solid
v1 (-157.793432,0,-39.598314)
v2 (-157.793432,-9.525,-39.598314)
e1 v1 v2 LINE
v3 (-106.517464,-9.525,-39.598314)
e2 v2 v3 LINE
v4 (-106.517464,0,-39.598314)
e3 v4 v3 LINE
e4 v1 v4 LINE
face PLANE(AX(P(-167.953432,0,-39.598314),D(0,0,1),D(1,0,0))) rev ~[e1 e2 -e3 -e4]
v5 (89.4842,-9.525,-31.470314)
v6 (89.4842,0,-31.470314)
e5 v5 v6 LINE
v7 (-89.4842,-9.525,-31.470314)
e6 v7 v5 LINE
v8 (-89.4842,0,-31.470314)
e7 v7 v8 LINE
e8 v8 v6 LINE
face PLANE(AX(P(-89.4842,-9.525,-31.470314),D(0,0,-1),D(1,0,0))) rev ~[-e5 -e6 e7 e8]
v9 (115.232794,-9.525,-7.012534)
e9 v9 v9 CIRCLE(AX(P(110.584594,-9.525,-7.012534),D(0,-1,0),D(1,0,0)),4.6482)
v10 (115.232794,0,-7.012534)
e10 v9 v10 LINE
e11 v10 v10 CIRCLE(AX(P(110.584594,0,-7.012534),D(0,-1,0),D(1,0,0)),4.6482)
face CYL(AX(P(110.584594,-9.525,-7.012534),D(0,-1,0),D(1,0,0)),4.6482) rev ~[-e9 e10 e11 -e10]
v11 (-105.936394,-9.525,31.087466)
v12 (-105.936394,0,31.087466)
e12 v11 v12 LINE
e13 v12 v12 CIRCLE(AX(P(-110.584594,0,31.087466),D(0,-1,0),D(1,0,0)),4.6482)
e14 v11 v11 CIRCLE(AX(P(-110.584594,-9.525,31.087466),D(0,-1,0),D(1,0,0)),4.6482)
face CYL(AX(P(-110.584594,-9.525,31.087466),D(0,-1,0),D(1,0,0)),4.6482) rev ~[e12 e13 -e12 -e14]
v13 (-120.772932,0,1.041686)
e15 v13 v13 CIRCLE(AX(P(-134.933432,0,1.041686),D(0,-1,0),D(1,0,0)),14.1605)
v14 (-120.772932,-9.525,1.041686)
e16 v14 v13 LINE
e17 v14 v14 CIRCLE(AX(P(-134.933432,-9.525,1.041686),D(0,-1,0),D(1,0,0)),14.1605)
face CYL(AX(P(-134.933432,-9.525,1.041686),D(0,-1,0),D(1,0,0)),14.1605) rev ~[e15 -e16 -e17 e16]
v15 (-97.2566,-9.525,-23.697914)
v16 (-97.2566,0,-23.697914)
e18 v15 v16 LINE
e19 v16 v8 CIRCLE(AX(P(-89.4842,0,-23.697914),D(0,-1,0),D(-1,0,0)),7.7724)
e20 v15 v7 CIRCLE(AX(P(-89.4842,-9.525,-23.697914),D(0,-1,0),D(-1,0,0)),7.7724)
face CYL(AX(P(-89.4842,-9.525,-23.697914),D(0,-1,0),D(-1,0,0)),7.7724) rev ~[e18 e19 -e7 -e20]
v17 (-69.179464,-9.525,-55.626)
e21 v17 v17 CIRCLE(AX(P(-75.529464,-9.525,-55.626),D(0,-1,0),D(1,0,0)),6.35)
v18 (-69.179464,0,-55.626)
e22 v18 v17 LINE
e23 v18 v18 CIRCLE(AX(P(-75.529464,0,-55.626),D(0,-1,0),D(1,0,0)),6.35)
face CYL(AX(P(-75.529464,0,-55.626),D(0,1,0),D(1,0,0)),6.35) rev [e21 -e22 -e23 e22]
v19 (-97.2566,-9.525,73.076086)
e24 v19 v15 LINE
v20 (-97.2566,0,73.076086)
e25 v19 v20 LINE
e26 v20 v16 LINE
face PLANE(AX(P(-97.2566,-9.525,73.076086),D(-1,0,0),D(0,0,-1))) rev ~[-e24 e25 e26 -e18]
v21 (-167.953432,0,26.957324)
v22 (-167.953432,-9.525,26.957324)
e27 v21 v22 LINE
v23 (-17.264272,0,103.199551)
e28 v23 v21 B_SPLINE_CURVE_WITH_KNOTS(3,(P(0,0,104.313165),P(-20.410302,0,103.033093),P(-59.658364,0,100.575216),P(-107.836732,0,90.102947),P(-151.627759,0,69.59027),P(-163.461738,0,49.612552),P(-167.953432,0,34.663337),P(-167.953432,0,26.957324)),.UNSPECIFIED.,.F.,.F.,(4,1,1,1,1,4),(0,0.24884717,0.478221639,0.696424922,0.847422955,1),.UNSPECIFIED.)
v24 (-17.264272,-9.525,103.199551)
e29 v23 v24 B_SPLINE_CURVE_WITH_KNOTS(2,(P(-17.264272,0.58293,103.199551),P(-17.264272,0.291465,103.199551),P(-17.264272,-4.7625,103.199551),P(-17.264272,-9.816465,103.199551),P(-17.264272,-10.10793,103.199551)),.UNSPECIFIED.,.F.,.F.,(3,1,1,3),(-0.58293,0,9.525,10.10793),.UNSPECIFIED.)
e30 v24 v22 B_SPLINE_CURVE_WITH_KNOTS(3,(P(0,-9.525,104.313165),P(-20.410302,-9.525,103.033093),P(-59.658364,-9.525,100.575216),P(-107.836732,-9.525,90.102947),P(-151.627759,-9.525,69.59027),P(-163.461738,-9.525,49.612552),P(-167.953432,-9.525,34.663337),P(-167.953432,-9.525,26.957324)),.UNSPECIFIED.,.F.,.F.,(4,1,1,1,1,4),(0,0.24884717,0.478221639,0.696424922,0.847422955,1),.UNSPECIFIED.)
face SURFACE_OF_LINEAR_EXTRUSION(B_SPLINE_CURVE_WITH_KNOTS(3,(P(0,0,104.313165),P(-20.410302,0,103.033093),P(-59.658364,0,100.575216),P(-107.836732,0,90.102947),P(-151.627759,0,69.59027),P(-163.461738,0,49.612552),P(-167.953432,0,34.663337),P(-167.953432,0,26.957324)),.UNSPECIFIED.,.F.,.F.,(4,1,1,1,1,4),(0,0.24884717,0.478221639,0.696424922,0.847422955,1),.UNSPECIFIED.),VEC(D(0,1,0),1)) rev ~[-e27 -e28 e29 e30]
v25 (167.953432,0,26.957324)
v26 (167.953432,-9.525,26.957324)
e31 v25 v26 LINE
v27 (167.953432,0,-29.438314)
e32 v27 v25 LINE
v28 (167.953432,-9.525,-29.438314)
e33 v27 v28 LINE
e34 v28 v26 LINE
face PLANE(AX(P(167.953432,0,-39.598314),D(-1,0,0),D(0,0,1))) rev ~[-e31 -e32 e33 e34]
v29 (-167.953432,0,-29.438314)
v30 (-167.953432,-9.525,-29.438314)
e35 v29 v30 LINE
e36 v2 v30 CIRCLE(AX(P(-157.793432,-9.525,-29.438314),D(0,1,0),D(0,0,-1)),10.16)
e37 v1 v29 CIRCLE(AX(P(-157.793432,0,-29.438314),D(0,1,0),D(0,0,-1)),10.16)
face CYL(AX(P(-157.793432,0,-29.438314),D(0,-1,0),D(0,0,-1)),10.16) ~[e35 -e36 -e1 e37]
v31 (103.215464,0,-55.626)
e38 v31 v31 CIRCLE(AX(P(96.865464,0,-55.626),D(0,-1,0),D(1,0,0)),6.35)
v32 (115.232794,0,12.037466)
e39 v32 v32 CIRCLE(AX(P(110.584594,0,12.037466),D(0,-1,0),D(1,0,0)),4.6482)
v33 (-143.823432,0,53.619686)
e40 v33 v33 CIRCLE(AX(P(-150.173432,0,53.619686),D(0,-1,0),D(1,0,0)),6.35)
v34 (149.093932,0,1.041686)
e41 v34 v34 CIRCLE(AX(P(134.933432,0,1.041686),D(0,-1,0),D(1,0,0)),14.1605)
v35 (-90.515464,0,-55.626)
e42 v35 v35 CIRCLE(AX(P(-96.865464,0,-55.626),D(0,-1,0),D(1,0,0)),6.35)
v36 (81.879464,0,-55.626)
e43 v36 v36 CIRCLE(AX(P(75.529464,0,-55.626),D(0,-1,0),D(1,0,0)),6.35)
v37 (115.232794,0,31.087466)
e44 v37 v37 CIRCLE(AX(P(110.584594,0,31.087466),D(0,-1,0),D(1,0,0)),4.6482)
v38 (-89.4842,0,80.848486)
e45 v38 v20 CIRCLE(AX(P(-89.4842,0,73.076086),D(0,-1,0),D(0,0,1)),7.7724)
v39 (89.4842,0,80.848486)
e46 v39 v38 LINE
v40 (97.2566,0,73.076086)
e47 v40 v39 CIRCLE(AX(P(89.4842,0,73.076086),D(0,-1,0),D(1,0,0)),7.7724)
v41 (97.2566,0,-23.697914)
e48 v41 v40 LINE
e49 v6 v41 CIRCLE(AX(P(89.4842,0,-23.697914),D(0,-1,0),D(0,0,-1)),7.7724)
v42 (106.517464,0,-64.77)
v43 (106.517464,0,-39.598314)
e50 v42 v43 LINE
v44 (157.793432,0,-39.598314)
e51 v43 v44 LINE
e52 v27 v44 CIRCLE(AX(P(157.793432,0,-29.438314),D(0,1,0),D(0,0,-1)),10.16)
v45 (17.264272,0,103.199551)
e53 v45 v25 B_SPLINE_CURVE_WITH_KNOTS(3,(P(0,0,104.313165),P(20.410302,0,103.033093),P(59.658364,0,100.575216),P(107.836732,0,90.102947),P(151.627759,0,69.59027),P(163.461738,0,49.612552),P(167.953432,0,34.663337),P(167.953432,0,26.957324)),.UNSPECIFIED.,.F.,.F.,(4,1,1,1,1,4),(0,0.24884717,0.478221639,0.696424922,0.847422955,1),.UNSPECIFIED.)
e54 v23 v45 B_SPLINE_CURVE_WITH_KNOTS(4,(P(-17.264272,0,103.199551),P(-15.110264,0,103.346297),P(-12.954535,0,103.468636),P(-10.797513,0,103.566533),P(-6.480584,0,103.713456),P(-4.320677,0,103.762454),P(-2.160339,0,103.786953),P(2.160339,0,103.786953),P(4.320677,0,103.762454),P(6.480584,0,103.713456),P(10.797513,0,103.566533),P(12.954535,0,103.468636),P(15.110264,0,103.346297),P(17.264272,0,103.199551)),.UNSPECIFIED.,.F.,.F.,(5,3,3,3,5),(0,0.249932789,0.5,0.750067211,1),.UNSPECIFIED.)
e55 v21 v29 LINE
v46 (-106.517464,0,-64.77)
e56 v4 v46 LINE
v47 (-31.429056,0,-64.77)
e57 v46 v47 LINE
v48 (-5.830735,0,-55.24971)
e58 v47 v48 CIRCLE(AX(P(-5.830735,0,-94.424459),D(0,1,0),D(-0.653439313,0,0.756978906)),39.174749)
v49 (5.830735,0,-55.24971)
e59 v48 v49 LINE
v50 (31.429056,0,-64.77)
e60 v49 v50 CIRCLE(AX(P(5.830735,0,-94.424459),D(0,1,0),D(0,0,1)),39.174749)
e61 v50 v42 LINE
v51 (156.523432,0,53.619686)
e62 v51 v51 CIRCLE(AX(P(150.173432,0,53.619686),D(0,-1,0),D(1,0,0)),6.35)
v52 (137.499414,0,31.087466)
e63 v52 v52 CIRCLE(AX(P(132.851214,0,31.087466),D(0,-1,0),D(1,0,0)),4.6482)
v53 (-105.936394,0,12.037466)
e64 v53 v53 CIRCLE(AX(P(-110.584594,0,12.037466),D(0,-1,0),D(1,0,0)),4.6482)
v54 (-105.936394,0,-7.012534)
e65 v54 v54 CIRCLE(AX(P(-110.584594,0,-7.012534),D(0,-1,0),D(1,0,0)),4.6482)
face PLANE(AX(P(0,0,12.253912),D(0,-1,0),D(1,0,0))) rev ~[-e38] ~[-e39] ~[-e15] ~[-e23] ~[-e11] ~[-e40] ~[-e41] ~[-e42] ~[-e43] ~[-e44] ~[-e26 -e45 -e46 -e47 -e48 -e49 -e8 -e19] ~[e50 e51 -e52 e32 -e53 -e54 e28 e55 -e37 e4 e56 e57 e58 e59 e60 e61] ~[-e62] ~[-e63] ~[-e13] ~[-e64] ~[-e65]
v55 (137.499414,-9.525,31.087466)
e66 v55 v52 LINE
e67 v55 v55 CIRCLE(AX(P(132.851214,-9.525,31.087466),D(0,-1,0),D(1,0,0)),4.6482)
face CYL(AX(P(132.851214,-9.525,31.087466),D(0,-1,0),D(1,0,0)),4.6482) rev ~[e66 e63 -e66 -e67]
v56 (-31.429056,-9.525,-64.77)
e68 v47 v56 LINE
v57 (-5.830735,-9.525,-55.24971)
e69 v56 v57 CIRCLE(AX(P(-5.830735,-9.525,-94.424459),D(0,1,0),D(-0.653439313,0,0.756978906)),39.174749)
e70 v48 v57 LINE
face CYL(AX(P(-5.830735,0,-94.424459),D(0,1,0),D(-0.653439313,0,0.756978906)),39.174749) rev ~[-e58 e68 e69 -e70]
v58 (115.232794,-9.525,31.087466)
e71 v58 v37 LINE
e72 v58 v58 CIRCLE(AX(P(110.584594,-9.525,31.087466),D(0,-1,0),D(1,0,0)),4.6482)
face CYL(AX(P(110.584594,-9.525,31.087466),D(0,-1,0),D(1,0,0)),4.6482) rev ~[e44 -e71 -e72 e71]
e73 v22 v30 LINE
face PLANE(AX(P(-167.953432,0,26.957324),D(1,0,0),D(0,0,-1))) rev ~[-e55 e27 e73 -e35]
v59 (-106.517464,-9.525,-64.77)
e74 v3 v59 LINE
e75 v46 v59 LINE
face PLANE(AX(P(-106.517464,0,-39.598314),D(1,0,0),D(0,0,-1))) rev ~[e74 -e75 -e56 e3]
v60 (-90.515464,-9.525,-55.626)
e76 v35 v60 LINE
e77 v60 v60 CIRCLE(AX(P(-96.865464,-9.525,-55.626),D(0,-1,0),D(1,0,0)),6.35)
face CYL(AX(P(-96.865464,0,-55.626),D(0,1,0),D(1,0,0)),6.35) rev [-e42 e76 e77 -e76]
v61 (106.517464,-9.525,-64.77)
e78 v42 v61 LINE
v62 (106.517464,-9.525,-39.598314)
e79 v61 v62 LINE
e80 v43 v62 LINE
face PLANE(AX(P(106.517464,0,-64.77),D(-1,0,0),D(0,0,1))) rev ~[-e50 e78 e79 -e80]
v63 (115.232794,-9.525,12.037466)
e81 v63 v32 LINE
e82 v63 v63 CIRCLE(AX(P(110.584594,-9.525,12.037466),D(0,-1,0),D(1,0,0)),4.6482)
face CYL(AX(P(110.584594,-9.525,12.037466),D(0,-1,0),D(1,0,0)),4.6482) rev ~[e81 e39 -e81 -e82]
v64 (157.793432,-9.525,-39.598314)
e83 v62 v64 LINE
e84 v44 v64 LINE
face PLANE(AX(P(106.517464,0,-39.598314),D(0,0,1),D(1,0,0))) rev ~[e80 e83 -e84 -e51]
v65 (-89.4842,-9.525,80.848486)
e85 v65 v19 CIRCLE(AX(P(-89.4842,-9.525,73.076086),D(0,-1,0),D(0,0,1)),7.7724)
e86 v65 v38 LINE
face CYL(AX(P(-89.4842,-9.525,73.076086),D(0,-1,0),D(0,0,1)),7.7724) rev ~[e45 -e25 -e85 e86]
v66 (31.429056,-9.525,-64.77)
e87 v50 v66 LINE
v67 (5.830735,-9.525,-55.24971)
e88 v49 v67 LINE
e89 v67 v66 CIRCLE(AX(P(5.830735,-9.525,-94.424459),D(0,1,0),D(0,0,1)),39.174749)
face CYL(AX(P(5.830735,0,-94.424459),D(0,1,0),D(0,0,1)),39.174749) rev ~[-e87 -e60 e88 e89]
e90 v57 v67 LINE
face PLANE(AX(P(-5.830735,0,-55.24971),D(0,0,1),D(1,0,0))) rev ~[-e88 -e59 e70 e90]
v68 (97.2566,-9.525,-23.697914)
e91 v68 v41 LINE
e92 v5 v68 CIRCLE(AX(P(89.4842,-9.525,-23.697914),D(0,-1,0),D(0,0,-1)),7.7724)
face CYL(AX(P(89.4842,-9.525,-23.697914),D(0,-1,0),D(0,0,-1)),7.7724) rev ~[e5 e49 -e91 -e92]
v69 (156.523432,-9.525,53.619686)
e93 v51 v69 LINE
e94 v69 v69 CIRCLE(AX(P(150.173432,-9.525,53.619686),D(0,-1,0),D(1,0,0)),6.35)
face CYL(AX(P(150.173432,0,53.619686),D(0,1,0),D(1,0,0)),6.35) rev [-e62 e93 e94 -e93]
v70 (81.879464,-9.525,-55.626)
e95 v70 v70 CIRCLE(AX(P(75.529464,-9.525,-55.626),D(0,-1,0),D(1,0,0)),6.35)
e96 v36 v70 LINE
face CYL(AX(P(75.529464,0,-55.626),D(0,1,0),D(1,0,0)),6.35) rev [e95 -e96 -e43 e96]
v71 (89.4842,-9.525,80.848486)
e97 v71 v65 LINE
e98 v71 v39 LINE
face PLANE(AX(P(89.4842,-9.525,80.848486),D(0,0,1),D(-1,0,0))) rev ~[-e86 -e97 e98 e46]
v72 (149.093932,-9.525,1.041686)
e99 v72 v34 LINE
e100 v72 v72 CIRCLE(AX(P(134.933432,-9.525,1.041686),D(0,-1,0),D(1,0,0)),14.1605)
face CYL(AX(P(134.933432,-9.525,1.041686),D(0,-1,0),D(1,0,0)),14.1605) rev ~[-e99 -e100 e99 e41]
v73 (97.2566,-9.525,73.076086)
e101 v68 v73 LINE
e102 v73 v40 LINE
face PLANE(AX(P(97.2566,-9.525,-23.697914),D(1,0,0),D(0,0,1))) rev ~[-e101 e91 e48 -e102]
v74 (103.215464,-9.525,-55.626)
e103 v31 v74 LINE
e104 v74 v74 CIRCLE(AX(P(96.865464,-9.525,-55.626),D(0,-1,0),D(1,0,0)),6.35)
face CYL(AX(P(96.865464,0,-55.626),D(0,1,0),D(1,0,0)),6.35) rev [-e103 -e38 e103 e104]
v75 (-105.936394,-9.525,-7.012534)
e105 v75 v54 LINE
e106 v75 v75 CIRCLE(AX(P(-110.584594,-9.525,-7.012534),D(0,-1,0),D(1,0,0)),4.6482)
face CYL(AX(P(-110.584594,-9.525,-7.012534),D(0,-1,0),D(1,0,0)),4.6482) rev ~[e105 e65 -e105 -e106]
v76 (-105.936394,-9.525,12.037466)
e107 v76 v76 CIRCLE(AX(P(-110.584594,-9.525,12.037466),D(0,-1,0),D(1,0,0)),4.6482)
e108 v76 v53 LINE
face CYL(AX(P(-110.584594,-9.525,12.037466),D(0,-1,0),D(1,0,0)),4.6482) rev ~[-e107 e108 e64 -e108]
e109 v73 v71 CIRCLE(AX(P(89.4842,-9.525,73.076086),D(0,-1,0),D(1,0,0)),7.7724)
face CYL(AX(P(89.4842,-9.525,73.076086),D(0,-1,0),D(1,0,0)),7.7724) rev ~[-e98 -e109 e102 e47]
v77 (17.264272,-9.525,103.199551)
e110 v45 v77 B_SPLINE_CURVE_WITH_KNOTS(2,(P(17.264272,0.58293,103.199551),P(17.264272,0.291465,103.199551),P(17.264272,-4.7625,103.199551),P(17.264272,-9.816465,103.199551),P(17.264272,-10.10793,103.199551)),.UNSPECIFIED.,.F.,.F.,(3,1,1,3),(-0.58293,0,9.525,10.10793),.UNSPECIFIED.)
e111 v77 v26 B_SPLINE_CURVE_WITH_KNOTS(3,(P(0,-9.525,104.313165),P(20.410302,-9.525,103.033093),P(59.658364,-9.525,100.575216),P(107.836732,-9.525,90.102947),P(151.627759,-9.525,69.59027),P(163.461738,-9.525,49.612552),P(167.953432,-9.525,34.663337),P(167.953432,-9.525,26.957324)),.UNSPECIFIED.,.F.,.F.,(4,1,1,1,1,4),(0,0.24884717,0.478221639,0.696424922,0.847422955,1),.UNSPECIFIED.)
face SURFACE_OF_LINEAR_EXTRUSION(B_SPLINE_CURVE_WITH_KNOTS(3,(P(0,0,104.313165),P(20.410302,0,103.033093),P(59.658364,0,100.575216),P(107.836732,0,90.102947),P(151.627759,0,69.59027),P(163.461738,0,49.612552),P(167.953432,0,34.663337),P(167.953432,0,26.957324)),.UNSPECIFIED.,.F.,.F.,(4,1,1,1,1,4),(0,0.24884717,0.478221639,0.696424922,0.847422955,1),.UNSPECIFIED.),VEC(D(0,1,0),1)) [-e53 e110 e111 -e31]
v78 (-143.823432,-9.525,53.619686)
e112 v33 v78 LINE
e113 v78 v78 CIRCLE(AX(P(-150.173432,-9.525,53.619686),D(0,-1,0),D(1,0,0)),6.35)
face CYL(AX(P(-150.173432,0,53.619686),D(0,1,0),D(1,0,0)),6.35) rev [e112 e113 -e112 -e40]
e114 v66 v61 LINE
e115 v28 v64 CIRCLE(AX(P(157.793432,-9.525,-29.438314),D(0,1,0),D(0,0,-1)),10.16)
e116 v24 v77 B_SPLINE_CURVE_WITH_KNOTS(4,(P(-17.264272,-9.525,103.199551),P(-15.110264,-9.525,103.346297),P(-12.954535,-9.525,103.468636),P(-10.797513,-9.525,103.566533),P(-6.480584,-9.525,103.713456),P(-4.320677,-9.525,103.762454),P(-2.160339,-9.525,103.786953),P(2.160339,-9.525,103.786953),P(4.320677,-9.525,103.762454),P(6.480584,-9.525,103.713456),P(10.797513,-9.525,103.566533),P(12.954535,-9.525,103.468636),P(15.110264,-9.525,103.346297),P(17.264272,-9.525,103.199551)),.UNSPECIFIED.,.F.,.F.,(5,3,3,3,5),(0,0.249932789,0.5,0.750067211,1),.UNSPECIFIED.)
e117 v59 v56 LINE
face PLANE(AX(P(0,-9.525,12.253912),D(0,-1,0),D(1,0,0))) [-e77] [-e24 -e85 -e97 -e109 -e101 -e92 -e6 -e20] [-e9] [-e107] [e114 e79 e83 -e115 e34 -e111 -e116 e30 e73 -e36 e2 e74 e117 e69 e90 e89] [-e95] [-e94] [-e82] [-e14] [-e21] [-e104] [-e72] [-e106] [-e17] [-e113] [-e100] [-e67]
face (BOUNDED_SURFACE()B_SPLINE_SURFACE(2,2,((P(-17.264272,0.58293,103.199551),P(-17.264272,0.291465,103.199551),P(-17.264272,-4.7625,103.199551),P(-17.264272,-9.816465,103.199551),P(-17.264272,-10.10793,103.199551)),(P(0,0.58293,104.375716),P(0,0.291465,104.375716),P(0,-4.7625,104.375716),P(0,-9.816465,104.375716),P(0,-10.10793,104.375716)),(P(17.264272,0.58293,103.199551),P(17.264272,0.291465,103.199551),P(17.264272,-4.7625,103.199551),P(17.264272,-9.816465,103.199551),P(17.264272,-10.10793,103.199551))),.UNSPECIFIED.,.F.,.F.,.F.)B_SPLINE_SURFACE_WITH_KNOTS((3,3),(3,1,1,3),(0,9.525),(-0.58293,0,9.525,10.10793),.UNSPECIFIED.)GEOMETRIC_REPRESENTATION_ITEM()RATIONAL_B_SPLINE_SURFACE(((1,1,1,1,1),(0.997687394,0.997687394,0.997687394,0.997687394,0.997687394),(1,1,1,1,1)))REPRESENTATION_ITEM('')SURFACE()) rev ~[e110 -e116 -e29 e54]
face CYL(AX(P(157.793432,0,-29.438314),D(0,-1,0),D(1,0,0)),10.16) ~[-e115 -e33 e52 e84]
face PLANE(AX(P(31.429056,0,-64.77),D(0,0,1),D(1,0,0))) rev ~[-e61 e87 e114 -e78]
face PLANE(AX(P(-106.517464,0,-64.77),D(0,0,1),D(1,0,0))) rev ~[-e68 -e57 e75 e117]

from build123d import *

# Parameters (mm, degrees)
F0_R     = 6.35
F1_DEPTH = 9.525
F2_R     = 10.16
F4_DEPTH = 25.4
F5_R     = 254
F6_R     = 4.6482
F6_R_2   = 14.1605
F7_DEPTH = 25.4


with BuildPart() as f1:
    # F0 (on Front) → F1 (new body)
    with BuildSketch(Plane.XZ):
        with BuildLine():
            Line((-106.5174639225, -64.77), (-31.4290560782, -64.77))
            ThreePointArc((-31.4290560782, -64.77), (-19.4864111897, -57.7068407051), (-5.8307349682, -55.249709636))
            Line((-5.8307349682, -55.249709636), (0, -55.249709636))
            Line((0, -55.249709636), (5.8307349682, -55.249709636))
            ThreePointArc((5.8307349682, -55.249709636), (19.4864111897, -57.7068407051), (31.4290560782, -64.77))
            Line((31.4290560782, -64.77), (106.5174639225, -64.77))
            Line((106.5174639225, -64.77), (106.5174639225, -39.5983140361))
            Line((106.5174639225, -39.5983140361), (167.9534316063, -39.5983140361))
            Line((167.9534316063, -39.5983140361), (167.9534316063, 26.9573238301))
            add(Edge.make_bspline(
                [(0, 104.3131649494), (20.410301584, 103.0330934585), (59.6583638346, 100.5752160198), (107.8367322286, 90.1029474639), (151.6277590611, 69.5902698618), (163.4617376042, 49.6125522636), (167.9534316063, 34.663336698), (167.9534316063, 26.9573238301)],
                knots=[0, 0, 0, 0, 0.2488471703, 0.4782216393, 0.6964249219, 0.8474229551, 1, 1, 1, 1], degree=3))
            add(Edge.make_bspline(
                [(0, 104.3131649494), (-20.410301584, 103.0330934585), (-59.6583638346, 100.5752160198), (-107.8367322286, 90.1029474639), (-151.6277590611, 69.5902698618), (-163.4617376042, 49.6125522636), (-167.9534316063, 34.663336698), (-167.9534316063, 26.9573238301)],
                knots=[0, 0, 0, 0, 0.2488471703, 0.4782216393, 0.6964249219, 0.8474229551, 1, 1, 1, 1], degree=3))
            Line((-167.9534316063, 26.9573238301), (-167.9534316063, -39.5983140361))
            Line((-167.9534316063, -39.5983140361), (-106.5174639225, -39.5983140361))
            Line((-106.5174639225, -39.5983140361), (-106.5174639225, -64.77))
        make_face()
        with Locations((-96.8654639225, -55.626)):
            Circle(F0_R, mode=Mode.SUBTRACT)
        with Locations((-75.5294639225, -55.626)):
            Circle(F0_R, mode=Mode.SUBTRACT)
        with Locations((75.5294639225, -55.626)):
            Circle(F0_R, mode=Mode.SUBTRACT)
        with Locations((96.8654639225, -55.626)):
            Circle(F0_R, mode=Mode.SUBTRACT)
        with Locations((-150.1734316063, 53.6196859639)):
            Circle(F0_R, mode=Mode.SUBTRACT)
        with Locations((150.1734316063, 53.6196859639)):
            Circle(F0_R, mode=Mode.SUBTRACT)
    extrude(amount=F1_DEPTH)

    # F2
    f2_edges = [f1.edges().sort_by_distance(p)[0] for p in [
        (167.953432, -4.7625, -39.598314),
        (-167.953432, -4.7625, -39.598314),
    ]]
    fillet(f2_edges, radius=F2_R)

    # F3 (on face) → F4 (cut)
    with BuildSketch(Plane.XZ.offset(9.525)):
        with BuildLine():
            ThreePointArc((-97.2566, -23.6979140361), (-94.9801167461, -29.1938307822), (-89.4842, -31.4703140361))
            Line((-89.4842, -31.4703140361), (89.4842, -31.4703140361))
            ThreePointArc((89.4842, -31.4703140361), (94.9801167461, -29.1938307822), (97.2566, -23.6979140361))
            Line((97.2566, -23.6979140361), (97.2566, 73.0760859639))
            ThreePointArc((97.2566, 73.0760859639), (94.9801167461, 78.57200271), (89.4842, 80.8484859639))
            Line((89.4842, 80.8484859639), (-89.4842, 80.8484859639))
            ThreePointArc((-89.4842, 80.8484859639), (-94.9801167461, 78.57200271), (-97.2566, 73.0760859639))
            Line((-97.2566, 73.0760859639), (-97.2566, -23.6979140361))
        make_face()
    extrude(amount=-F4_DEPTH, mode=Mode.SUBTRACT)

    # F5
    f5_edges = [f1.edges().sort_by_distance(p)[0] for p in [
        (0, -4.7625, 104.313165),
    ]]
    fillet(f5_edges, radius=F5_R)

    # F6 (on face) → F7 (cut)
    with BuildSketch(Plane.XZ.offset(9.525)):
        with Locations((-110.5845943093, 12.0374655791)):
            Circle(F6_R)
        with Locations((-110.5845943093, 31.0874655791)):
            Circle(F6_R)
        with Locations((-110.5845943093, -7.0125344209)):
            Circle(F6_R)
        with Locations((-134.9334316063, 1.0416859639)):
            Circle(F6_R_2)
        with Locations((110.5845943093, 31.0874655791)):
            Circle(F6_R)
        with Locations((110.5845943093, 12.0374655791)):
            Circle(F6_R)
        with Locations((110.5845943093, -7.0125344209)):
            Circle(F6_R)
        with Locations((132.8512136193, 31.0874655791)):
            Circle(F6_R)
        with Locations((134.9334316063, 1.0416859639)):
            Circle(F6_R_2)
    extrude(amount=-F7_DEPTH, mode=Mode.SUBTRACT)


solid = f1.part
